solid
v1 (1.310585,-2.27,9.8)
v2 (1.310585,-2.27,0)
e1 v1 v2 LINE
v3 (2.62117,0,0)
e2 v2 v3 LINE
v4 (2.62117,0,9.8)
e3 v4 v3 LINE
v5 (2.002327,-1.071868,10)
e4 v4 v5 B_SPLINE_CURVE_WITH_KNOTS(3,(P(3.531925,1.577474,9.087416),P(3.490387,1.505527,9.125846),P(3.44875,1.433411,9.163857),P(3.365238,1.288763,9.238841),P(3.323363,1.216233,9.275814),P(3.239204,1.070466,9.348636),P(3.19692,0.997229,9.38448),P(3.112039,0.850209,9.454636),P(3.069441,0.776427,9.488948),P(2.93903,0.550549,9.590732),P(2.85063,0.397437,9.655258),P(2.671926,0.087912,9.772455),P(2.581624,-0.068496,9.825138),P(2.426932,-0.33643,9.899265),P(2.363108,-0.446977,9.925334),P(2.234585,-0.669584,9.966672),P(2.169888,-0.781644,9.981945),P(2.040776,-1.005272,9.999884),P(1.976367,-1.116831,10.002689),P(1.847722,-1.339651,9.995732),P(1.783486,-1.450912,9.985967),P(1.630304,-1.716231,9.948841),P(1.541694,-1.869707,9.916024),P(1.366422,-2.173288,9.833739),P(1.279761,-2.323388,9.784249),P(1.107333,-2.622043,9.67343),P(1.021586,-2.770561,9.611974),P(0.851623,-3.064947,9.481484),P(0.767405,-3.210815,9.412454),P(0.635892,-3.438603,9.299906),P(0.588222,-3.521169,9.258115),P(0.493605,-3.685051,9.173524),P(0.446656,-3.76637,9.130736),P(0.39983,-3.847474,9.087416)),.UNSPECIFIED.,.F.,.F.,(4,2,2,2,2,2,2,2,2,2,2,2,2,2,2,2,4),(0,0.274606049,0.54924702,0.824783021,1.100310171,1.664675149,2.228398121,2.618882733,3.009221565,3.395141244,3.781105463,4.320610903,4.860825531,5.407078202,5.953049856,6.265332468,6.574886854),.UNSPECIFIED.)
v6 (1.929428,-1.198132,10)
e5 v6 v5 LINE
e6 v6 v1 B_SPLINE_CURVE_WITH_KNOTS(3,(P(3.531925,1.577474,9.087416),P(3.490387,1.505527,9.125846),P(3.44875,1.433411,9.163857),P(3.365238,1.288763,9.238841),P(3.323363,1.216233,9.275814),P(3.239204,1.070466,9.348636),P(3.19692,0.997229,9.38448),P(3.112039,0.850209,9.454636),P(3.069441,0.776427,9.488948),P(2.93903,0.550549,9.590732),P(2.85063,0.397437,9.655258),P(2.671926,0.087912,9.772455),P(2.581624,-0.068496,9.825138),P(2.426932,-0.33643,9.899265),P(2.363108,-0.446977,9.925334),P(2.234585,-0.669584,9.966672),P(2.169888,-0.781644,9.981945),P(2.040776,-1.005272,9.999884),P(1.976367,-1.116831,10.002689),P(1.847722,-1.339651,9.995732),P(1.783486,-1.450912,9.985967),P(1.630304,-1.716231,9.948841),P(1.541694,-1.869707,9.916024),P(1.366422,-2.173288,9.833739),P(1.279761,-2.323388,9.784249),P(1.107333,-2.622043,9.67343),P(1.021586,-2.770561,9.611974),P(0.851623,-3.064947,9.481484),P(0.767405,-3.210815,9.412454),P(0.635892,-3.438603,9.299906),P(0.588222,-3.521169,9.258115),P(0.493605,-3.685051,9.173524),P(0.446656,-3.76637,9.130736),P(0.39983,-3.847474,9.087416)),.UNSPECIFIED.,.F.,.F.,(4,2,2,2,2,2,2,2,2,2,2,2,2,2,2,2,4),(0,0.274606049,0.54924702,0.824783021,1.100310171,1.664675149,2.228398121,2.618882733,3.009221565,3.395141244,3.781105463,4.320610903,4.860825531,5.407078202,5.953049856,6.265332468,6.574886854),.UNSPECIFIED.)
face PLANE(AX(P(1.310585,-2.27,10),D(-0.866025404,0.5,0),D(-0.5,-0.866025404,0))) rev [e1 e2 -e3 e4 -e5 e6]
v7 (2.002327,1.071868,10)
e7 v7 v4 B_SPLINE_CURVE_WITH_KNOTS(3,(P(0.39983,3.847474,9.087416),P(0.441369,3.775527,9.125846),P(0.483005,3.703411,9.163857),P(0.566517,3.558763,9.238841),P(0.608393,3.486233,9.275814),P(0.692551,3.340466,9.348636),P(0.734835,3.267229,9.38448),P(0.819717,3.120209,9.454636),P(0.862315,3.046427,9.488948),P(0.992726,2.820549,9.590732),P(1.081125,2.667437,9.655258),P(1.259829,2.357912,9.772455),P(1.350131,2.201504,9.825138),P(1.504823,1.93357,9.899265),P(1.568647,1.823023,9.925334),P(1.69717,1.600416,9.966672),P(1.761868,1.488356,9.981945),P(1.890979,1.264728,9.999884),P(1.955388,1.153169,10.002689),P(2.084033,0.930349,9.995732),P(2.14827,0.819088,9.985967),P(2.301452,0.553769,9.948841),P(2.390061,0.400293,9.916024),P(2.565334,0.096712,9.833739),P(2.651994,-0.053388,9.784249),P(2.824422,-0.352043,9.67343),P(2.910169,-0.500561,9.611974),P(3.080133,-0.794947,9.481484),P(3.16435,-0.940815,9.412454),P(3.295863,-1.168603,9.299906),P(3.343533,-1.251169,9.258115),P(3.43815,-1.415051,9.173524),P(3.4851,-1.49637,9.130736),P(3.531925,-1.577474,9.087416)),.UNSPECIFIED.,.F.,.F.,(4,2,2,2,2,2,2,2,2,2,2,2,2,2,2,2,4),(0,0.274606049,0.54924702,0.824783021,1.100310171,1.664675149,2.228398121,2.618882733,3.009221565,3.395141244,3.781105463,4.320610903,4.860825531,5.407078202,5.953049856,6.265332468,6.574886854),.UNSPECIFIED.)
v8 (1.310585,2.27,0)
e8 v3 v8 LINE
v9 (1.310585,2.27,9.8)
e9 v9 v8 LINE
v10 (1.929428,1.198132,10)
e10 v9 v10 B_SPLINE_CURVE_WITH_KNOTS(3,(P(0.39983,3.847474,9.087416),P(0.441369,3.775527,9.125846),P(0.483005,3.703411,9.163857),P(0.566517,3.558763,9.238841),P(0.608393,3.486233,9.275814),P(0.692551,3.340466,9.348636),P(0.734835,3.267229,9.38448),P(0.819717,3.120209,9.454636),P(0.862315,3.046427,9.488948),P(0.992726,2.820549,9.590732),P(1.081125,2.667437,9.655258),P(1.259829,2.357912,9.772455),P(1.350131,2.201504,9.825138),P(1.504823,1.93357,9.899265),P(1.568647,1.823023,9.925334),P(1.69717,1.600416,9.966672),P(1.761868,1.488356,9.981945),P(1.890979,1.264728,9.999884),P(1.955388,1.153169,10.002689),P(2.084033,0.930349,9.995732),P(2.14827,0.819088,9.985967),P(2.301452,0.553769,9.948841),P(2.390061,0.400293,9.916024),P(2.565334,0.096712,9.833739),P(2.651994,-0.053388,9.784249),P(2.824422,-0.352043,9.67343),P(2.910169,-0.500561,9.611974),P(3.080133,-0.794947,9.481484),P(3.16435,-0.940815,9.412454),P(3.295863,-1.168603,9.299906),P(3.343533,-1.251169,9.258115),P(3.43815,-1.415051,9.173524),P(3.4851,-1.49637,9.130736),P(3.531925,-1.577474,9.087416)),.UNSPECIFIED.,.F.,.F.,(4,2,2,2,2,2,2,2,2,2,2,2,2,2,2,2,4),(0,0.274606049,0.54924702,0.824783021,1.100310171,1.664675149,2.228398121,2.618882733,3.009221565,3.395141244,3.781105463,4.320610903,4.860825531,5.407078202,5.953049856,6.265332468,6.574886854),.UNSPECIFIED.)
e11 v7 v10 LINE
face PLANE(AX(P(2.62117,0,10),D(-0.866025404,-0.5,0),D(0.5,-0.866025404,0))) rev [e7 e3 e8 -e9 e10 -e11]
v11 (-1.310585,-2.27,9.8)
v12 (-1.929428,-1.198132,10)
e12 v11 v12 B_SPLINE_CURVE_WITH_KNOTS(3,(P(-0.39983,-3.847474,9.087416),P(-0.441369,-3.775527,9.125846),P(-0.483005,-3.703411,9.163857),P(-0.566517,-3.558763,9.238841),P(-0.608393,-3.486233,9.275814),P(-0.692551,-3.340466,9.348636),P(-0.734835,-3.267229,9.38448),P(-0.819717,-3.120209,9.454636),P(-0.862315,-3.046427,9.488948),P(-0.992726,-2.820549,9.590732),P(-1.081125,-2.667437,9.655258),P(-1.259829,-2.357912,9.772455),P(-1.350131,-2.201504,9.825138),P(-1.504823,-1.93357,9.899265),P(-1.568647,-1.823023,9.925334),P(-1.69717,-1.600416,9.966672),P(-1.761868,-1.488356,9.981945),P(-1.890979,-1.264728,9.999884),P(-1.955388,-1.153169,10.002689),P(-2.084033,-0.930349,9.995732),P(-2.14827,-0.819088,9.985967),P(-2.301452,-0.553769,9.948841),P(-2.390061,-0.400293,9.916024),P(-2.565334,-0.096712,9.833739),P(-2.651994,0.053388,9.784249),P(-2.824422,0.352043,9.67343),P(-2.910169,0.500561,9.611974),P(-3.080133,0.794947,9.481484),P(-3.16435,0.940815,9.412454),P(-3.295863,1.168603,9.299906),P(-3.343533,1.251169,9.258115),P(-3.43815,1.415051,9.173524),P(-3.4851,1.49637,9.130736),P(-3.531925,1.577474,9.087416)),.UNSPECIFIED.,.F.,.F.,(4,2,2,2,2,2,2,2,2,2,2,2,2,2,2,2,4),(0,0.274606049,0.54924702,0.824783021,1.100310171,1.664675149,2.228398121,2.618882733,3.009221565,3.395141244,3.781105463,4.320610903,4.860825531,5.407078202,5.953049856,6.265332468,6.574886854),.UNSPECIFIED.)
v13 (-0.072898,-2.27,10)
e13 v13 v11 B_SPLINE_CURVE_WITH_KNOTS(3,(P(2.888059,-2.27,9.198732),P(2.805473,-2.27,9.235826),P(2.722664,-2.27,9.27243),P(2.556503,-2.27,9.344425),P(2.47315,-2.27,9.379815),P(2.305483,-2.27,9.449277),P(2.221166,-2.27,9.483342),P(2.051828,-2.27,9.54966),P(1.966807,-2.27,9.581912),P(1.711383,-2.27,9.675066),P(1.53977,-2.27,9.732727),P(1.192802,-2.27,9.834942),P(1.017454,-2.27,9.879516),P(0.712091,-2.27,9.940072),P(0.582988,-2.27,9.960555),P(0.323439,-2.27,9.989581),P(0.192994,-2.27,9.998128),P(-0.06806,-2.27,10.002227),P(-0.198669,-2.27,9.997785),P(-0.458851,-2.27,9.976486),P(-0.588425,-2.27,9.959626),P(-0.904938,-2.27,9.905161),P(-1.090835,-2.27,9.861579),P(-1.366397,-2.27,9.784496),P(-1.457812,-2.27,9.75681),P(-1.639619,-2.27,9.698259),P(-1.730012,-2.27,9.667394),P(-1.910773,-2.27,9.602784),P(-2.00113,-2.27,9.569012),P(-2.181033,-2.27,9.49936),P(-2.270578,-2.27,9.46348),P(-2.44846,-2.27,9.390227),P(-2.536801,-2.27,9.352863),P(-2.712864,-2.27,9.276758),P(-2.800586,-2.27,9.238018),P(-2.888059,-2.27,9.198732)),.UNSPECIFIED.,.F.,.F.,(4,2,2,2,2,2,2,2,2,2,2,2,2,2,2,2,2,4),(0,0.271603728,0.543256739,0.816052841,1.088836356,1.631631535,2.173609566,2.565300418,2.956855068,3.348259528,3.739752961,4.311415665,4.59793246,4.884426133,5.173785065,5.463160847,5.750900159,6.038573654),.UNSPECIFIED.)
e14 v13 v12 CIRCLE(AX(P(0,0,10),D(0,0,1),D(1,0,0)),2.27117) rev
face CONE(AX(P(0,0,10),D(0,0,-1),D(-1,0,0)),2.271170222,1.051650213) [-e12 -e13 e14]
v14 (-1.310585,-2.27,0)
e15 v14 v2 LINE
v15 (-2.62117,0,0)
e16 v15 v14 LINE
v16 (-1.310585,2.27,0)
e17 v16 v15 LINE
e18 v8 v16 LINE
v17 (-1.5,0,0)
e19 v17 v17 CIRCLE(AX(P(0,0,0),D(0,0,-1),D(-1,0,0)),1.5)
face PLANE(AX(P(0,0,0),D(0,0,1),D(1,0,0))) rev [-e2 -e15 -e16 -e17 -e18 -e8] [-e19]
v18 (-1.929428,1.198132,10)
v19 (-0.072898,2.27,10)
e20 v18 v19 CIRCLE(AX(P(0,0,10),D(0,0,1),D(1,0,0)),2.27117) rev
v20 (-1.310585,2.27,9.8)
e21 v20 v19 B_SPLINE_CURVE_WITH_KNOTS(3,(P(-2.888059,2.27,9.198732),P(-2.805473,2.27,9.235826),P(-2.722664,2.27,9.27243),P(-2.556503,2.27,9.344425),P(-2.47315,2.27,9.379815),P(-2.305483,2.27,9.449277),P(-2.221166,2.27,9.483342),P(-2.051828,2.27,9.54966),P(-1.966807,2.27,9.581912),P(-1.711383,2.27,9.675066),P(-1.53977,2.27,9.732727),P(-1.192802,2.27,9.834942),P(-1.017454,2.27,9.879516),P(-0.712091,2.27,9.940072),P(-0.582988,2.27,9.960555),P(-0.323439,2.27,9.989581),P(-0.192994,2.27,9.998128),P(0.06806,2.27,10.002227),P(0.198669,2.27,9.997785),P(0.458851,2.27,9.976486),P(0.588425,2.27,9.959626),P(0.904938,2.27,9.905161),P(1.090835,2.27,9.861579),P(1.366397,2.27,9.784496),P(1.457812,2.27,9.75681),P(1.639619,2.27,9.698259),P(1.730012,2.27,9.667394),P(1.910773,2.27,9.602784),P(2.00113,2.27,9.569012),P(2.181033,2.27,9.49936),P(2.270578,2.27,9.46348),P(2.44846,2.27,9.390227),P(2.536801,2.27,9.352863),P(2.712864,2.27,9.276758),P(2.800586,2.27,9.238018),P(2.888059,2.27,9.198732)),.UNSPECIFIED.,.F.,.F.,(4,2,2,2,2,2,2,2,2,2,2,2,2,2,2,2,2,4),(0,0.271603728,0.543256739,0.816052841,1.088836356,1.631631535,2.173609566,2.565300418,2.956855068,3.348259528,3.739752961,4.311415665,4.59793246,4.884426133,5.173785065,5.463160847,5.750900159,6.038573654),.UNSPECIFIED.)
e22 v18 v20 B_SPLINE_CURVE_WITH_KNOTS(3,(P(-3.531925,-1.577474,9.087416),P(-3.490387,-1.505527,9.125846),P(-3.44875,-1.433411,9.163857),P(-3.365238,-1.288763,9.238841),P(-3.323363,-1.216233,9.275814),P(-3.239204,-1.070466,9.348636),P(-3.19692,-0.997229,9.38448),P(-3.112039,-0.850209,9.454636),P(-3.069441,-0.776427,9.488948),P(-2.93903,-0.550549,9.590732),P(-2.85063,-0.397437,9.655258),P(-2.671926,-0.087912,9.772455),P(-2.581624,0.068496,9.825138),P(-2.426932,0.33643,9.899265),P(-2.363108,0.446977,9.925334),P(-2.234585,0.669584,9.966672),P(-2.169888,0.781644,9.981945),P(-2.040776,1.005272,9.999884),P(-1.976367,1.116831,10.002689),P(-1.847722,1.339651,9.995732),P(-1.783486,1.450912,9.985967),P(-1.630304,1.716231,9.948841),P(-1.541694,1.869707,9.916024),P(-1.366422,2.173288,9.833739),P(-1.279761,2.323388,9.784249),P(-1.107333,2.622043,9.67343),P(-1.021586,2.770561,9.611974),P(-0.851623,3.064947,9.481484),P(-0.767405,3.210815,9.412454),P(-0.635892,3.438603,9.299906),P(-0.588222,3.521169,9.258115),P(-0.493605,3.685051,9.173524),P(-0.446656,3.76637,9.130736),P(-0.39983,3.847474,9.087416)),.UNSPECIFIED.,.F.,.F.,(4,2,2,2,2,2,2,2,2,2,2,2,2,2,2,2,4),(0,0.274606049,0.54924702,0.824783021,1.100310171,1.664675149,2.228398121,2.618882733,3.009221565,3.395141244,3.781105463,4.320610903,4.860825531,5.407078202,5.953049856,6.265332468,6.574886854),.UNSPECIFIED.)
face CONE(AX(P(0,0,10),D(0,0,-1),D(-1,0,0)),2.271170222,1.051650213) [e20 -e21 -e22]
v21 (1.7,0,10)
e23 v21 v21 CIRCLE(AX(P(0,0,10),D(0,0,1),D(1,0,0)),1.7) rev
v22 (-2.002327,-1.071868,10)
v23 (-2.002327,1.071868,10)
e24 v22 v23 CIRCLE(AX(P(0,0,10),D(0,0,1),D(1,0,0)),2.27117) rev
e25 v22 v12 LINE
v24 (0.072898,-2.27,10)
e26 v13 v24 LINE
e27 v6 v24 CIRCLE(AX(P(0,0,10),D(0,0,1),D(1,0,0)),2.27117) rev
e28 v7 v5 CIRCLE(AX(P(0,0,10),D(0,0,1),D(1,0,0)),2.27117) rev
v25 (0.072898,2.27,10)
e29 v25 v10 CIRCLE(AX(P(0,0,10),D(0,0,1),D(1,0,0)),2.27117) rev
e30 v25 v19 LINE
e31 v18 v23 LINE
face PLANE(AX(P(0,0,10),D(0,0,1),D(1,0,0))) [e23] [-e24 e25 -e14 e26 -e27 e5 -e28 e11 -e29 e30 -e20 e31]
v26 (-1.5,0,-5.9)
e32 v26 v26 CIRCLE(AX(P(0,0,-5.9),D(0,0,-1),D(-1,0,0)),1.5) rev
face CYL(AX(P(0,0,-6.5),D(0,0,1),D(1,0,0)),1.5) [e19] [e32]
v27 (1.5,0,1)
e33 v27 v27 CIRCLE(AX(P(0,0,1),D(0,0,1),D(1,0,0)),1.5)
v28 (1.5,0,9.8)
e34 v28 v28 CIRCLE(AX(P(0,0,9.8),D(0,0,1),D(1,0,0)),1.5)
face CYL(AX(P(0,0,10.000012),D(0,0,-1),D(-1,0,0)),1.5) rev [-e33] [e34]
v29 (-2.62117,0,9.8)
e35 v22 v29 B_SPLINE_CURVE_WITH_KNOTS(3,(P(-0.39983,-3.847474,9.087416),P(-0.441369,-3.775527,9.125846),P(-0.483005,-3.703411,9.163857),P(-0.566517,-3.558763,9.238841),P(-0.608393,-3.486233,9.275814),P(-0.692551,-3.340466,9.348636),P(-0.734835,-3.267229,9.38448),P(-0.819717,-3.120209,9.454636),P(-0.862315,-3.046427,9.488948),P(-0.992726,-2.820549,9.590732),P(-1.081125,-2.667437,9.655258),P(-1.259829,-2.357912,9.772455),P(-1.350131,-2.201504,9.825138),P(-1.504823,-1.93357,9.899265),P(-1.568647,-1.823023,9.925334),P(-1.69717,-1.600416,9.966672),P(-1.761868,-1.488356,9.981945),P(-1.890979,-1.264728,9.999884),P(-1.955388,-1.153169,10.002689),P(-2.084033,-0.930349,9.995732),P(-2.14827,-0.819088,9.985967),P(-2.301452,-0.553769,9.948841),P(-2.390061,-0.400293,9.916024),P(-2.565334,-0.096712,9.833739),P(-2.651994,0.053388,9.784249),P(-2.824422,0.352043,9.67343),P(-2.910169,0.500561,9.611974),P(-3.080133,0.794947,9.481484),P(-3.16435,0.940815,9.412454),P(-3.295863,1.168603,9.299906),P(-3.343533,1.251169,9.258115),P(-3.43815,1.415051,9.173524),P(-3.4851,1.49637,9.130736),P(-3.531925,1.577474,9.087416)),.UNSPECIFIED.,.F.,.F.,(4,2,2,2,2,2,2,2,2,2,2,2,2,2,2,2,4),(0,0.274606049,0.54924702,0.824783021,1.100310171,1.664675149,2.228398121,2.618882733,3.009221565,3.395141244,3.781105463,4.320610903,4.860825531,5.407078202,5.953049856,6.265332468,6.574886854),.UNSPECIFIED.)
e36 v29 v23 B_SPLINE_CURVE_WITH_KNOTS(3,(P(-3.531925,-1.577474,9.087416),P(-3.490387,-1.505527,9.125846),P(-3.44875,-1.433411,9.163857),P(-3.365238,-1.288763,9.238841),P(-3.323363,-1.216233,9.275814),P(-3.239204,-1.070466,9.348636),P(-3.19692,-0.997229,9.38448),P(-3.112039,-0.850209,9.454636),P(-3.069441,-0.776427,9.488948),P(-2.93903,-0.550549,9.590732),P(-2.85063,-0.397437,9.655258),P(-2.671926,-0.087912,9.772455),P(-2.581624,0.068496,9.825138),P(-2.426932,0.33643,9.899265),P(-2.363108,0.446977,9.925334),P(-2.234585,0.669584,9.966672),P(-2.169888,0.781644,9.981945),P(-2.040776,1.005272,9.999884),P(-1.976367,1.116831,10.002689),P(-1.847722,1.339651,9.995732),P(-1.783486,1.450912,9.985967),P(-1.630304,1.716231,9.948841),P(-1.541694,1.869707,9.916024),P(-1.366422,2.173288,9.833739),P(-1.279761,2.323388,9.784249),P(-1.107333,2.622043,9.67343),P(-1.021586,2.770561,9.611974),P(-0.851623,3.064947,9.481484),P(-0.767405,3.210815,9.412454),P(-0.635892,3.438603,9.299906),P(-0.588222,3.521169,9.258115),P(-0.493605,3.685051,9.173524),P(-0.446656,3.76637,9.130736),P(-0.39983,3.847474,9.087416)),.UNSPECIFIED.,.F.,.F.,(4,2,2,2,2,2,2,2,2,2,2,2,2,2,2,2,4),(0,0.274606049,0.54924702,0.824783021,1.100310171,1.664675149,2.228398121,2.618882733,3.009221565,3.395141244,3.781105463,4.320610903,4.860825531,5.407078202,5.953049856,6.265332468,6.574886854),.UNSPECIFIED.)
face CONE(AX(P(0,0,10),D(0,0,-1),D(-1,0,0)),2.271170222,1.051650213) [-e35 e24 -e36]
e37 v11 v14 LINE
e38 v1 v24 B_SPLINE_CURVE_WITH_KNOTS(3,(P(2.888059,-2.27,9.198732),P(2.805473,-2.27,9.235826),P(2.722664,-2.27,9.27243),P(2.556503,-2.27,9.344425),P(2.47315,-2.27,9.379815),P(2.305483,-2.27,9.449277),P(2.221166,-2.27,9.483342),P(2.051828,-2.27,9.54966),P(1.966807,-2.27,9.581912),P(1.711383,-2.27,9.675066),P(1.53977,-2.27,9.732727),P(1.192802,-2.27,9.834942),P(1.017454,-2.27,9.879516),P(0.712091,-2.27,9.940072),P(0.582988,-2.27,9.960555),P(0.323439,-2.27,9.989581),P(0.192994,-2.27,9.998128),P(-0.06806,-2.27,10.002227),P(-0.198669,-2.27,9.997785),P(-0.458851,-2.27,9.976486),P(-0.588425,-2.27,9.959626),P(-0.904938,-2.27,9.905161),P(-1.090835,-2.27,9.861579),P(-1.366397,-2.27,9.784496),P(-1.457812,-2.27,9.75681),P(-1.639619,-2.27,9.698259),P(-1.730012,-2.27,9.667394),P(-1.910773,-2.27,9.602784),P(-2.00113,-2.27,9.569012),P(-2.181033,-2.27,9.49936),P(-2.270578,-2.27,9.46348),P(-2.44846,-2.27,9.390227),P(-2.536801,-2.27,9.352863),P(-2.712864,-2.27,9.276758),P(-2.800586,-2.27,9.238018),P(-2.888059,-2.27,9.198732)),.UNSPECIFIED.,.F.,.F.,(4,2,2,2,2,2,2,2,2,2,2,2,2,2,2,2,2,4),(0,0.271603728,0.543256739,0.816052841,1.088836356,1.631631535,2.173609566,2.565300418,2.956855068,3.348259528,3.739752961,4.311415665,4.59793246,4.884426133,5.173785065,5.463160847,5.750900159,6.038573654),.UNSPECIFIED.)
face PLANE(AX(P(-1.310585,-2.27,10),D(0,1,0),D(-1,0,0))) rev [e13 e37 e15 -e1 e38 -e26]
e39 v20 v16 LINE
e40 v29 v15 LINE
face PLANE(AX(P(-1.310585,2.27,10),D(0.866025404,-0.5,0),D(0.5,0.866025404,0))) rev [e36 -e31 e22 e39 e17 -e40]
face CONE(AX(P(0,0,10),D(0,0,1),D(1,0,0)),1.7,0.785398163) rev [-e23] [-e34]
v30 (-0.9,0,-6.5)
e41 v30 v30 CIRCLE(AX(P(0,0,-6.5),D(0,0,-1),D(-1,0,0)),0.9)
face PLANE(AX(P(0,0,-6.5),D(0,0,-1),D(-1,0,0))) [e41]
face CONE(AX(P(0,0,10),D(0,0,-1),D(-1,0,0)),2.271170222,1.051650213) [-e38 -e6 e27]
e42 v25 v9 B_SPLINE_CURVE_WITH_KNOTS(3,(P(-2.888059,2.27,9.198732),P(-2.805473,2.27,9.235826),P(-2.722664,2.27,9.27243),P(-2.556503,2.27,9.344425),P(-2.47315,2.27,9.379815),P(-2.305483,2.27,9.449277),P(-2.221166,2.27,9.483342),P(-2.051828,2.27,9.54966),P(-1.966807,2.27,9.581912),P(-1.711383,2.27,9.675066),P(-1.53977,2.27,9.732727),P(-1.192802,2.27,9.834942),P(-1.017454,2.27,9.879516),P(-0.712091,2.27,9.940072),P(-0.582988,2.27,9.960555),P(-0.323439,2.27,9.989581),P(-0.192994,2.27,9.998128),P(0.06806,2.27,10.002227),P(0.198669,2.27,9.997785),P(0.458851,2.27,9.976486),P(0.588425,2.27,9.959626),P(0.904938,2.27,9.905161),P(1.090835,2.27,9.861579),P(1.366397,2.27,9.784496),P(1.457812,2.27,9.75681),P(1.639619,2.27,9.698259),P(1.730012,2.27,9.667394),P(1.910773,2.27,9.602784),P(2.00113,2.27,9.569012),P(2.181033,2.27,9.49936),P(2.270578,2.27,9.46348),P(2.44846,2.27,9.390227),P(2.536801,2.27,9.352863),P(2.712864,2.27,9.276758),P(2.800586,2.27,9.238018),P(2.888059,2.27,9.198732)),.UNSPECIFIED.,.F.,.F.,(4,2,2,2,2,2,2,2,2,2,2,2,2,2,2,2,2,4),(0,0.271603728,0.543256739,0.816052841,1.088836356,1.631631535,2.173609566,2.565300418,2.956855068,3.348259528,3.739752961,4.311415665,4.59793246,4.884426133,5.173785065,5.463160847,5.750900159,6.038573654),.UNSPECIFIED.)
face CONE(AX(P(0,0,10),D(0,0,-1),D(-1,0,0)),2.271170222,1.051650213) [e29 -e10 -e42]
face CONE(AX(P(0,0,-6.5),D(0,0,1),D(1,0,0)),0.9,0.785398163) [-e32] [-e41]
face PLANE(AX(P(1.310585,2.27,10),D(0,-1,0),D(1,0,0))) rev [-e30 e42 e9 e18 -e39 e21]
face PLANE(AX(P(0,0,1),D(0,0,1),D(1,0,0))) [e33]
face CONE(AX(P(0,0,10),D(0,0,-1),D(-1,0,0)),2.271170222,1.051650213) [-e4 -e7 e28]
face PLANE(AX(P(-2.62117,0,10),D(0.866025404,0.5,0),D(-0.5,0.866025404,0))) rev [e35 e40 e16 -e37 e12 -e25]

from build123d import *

# Parameters (mm, degrees)
BOSS_EXTRUDE1_DEPTH     = 10
SKETCH2_R               = 1.5
CUT_EXTRUDE1_DEPTH      = 1
CUT_EXTRUDE1_DEPTH_BACK = 9
CHAMFER1_SIZE           = 0.2
SKETCH4_R               = 1.5
BOSS_EXTRUDE2_DEPTH     = 6.5
CHAMFER2_SIZE           = 0.6


with BuildPart() as part:
    # Sketch1 → Boss-Extrude1 (new body)
    with BuildSketch(Plane.XY):
        Polygon((2.621170222, 0), (1.310585111, 2.27), (-1.310585111, 2.27), (-2.621170222, 0), (-1.310585111, -2.27), (1.310585111, -2.27), align=None)
    extrude(amount=BOSS_EXTRUDE1_DEPTH)

    # Sketch2 → Cut-Extrude1 (cut, two sides)
    with BuildSketch(Plane.XY.offset(10)) as cut_extrude1_sk:
        Circle(SKETCH2_R)
    extrude(amount=CUT_EXTRUDE1_DEPTH, mode=Mode.SUBTRACT)
    extrude(cut_extrude1_sk.sketch, amount=-CUT_EXTRUDE1_DEPTH_BACK, mode=Mode.SUBTRACT)

    # Sketch3 → Cut-Revolve1 (revolve, cut)
    with BuildSketch(Plane(origin=(0, 0, 0), x_dir=(1, 0, 0), z_dir=(0, 1, 0))):
        Polygon((-2.621170222, -10), (-2.271170222, -10), (-2.621170222, -9.8), align=None)
    revolve(axis=Axis((0, 0, 1), (0, 0, 1)), mode=Mode.SUBTRACT)

    # Chamfer1
    chamfer1_edges = [part.edges().sort_by_distance(p)[0] for p in [
        (-1.5, 0, 10),
    ]]
    chamfer(chamfer1_edges, length=CHAMFER1_SIZE)

    # Sketch4 → Boss-Extrude2 (add)
    with BuildSketch(Plane(origin=(0, 0, 0), x_dir=(-1, 0, 0), z_dir=(0, 0, -1))):
        Circle(SKETCH4_R)
    extrude(amount=BOSS_EXTRUDE2_DEPTH)

    # Chamfer2
    chamfer2_edges = [part.edges().sort_by_distance(p)[0] for p in [
        (1.5, 0, -6.5),
    ]]
    chamfer(chamfer2_edges, length=CHAMFER2_SIZE)


solid = part.part
